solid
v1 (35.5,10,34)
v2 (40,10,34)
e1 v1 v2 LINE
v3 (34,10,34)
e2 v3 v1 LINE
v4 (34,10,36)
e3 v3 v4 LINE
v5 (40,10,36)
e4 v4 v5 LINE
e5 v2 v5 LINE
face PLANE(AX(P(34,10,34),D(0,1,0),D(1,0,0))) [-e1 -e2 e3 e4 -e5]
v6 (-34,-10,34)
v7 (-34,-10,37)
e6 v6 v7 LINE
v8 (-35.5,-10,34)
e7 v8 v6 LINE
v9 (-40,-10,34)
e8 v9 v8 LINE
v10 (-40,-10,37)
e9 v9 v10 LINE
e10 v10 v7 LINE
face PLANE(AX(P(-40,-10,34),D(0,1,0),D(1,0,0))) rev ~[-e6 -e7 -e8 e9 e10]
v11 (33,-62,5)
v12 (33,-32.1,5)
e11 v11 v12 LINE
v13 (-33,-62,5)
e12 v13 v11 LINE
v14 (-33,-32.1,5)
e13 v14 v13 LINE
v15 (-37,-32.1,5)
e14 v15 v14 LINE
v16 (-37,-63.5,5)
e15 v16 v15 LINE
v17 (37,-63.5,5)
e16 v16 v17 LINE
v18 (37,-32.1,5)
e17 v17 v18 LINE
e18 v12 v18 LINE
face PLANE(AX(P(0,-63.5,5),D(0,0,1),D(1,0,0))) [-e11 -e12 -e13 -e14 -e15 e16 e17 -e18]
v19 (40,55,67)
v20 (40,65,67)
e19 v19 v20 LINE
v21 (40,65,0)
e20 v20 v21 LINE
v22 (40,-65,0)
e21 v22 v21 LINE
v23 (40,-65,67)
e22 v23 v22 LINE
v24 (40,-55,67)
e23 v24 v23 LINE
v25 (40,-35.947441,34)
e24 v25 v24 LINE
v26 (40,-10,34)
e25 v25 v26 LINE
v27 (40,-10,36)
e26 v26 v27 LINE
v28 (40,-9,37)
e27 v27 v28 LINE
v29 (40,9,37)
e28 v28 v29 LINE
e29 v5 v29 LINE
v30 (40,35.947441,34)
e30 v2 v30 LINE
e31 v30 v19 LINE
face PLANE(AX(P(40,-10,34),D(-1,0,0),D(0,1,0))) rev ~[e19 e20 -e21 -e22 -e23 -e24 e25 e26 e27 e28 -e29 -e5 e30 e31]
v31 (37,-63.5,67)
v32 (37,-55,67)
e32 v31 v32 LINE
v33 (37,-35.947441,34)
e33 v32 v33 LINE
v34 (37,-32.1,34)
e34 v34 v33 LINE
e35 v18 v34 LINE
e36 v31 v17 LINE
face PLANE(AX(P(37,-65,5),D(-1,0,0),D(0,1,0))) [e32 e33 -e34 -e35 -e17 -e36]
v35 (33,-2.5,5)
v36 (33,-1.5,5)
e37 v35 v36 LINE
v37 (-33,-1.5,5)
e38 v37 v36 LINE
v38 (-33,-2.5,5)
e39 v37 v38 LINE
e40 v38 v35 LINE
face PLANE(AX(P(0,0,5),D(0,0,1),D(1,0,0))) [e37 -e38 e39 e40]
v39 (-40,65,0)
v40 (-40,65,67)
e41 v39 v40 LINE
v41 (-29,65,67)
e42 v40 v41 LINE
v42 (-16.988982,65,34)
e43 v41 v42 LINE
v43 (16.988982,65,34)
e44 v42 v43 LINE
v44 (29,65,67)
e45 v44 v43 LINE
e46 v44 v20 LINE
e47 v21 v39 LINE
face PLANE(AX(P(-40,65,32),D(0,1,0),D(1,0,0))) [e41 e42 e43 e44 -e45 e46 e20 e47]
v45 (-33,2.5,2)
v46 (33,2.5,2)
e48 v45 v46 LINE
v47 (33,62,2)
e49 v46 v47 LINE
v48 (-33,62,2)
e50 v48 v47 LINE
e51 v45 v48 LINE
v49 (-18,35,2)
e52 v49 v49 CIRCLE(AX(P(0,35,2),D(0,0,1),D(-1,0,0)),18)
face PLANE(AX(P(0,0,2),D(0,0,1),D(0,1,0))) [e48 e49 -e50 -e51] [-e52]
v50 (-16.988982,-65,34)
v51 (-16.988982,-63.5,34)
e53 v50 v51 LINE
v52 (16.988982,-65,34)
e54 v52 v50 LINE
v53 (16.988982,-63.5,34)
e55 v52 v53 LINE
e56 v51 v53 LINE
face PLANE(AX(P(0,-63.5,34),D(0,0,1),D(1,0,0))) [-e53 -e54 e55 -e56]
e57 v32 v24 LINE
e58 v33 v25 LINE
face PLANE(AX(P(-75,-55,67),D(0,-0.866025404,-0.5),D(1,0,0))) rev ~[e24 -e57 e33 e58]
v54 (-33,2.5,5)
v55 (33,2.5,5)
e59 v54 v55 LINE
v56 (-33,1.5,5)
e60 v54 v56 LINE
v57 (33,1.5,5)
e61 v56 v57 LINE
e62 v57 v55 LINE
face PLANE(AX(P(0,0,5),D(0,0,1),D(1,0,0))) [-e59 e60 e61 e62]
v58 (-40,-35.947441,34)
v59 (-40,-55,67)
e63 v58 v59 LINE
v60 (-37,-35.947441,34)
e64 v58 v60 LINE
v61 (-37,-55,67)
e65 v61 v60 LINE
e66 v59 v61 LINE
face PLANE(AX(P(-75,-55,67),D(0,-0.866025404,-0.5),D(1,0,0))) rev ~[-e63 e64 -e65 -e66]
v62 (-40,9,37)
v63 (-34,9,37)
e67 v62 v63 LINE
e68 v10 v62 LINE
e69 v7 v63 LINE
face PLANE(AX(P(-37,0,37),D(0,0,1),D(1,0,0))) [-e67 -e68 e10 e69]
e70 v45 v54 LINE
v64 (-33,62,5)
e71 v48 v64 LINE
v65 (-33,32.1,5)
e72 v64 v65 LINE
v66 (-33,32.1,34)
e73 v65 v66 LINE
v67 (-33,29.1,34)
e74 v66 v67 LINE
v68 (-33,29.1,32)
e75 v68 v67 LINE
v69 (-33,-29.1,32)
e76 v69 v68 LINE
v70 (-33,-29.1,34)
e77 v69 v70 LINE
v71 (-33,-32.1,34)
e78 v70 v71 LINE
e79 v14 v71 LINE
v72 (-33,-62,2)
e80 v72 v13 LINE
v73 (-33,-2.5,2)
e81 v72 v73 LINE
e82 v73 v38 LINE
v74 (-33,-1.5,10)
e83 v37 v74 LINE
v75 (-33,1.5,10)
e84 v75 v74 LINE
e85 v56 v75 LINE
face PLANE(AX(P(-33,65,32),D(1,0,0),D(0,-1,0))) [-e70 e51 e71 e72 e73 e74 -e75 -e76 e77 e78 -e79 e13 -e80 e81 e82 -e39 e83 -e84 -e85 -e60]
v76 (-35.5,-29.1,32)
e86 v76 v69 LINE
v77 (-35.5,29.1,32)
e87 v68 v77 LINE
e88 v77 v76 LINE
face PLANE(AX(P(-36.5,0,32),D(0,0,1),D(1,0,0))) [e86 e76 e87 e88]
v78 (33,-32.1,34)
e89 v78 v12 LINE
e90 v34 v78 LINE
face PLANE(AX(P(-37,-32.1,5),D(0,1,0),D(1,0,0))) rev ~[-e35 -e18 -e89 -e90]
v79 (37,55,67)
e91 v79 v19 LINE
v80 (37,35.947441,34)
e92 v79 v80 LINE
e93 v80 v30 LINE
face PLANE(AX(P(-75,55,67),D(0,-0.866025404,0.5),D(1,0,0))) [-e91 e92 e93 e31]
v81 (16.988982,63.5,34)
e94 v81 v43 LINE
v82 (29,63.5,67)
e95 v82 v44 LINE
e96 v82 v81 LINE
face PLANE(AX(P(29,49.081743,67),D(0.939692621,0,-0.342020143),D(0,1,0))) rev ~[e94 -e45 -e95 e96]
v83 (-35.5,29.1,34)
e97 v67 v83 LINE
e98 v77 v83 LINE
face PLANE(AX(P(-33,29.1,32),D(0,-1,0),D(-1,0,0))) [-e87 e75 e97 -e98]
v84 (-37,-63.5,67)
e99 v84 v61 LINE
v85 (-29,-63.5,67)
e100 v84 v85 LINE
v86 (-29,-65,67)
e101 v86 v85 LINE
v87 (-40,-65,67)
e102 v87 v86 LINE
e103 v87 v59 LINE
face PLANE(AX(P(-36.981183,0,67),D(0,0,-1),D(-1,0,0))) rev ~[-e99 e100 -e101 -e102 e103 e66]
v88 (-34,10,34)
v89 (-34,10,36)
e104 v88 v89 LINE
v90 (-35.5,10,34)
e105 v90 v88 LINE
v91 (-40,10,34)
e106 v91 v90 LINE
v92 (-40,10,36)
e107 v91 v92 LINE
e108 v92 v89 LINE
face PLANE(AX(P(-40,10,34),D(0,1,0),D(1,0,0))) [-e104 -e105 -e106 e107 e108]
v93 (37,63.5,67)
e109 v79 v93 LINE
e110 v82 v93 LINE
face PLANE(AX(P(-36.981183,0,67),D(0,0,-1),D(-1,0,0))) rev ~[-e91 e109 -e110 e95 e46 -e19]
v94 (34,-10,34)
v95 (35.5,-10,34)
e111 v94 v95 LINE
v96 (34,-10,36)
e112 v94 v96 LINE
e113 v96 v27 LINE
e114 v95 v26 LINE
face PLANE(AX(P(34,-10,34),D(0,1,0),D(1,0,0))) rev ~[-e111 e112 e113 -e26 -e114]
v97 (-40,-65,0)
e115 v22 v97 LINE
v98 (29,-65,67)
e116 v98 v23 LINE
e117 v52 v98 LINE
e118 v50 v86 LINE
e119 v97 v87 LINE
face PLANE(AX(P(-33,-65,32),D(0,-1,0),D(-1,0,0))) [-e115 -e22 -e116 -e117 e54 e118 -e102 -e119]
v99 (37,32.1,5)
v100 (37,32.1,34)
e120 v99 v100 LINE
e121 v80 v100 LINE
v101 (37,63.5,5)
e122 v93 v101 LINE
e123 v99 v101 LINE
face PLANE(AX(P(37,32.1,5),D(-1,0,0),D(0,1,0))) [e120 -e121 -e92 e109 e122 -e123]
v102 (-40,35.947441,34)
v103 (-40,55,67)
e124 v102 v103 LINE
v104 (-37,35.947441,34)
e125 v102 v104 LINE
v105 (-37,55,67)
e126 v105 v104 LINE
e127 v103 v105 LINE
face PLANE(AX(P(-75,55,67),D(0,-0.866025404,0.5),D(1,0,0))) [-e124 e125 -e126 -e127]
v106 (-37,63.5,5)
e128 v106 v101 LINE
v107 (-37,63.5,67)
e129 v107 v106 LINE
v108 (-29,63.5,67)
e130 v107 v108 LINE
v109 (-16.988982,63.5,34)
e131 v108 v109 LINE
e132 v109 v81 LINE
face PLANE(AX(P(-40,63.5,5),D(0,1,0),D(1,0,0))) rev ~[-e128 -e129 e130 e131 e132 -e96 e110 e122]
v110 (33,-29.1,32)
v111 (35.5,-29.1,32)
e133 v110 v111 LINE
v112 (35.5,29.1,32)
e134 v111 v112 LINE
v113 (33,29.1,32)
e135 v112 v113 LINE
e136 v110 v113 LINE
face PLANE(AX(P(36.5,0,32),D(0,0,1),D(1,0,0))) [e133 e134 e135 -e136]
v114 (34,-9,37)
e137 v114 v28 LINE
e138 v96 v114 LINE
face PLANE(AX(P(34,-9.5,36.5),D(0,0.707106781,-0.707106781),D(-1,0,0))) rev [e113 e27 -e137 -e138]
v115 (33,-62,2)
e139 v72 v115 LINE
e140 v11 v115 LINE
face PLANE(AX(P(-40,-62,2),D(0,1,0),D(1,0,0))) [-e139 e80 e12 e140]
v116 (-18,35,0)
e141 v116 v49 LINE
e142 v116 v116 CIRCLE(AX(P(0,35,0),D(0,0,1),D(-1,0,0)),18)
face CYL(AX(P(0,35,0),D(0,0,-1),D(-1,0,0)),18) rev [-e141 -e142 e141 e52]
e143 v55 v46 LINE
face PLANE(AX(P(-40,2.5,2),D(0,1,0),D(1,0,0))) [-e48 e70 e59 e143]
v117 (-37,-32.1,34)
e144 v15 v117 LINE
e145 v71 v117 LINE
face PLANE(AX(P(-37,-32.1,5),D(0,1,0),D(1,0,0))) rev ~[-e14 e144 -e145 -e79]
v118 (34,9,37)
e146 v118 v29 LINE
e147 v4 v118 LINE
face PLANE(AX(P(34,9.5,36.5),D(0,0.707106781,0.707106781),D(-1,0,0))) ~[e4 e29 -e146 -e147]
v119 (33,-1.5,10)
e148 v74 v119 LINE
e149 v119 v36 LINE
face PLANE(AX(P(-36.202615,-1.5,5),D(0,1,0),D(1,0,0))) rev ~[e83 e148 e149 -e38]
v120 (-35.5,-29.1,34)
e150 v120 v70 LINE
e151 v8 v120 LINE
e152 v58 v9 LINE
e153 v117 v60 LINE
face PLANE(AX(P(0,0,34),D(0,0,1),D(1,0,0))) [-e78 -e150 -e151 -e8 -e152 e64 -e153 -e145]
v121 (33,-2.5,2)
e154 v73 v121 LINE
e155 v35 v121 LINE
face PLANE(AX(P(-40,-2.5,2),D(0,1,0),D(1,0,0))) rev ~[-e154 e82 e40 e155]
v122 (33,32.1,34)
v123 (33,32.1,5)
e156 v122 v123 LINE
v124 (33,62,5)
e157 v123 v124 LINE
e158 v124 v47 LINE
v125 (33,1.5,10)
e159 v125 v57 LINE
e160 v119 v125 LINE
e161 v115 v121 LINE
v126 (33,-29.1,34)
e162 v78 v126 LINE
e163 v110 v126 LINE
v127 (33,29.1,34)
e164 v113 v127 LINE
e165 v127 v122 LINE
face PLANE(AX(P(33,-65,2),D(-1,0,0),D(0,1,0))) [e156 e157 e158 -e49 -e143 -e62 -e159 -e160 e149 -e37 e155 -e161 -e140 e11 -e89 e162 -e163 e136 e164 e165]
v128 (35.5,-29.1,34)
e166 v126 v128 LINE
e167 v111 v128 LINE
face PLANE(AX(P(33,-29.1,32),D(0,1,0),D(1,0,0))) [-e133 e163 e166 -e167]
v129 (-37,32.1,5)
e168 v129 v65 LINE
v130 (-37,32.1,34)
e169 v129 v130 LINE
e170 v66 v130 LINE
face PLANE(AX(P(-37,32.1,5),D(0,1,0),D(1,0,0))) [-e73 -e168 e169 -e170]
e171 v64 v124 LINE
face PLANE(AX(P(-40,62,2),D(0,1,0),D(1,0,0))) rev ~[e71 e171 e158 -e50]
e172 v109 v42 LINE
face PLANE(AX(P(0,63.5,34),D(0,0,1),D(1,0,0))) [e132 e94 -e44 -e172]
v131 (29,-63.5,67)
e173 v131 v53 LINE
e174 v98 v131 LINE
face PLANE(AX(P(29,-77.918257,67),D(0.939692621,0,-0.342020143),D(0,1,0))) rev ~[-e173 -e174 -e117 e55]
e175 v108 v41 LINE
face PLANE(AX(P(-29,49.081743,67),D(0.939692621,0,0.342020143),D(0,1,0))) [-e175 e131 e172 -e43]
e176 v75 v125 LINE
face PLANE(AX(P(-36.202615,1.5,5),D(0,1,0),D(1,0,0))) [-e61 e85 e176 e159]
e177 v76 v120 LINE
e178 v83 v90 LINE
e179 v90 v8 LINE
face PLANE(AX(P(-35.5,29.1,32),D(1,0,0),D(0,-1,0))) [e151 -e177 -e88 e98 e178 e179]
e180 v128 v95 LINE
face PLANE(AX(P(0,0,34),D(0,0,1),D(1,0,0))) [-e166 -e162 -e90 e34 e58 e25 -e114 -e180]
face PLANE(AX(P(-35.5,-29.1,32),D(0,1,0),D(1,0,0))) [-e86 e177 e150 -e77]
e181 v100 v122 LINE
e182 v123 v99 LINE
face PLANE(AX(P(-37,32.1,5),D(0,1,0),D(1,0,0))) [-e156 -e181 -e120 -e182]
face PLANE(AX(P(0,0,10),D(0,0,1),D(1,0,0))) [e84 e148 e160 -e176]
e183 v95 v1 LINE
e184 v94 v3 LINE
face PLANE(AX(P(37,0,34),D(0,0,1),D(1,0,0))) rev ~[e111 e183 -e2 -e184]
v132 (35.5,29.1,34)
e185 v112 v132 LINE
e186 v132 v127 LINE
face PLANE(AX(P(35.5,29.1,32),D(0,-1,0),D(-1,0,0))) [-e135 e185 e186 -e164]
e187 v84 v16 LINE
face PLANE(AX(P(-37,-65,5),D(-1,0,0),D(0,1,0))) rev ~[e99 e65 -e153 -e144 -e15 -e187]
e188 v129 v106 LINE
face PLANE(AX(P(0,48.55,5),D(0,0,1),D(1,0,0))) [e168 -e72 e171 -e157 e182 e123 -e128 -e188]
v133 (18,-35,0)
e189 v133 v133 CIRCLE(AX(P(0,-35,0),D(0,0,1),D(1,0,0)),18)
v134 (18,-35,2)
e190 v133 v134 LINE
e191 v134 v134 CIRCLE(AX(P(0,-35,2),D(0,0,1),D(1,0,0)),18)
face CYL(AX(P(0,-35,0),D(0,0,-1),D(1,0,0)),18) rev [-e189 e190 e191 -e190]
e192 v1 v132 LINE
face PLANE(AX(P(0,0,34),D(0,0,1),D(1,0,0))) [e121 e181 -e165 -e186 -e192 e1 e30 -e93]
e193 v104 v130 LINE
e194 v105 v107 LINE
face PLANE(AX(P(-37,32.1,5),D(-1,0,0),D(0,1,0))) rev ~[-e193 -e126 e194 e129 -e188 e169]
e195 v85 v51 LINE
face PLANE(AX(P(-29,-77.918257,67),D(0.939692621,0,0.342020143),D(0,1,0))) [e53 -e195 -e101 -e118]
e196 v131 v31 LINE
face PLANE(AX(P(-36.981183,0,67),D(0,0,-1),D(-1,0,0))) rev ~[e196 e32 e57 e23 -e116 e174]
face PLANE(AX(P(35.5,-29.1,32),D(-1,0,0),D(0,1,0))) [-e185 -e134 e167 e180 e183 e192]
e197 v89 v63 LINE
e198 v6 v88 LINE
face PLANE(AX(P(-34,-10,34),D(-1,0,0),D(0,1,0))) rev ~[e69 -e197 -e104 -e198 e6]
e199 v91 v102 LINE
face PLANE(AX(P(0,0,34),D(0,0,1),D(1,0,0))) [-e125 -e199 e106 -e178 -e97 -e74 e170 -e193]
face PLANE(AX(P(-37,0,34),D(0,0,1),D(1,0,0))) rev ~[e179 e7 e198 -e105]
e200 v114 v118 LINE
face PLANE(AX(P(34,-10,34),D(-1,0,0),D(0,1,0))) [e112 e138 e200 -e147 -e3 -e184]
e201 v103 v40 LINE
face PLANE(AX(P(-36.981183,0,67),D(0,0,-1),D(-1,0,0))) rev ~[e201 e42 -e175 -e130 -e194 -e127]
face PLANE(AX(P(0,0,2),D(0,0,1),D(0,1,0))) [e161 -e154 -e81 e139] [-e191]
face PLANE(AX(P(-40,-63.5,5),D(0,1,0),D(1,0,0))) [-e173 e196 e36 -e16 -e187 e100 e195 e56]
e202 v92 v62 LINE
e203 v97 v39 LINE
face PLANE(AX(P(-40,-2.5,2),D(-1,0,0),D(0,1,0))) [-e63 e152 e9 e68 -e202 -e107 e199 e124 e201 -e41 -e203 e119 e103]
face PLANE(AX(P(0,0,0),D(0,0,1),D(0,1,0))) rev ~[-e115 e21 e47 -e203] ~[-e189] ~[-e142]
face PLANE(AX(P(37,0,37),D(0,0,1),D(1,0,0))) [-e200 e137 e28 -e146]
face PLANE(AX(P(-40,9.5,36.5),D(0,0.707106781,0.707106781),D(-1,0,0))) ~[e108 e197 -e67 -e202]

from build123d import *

# Parameters (mm, degrees)
SKETCH1_W                    = 130
SKETCH1_H                    = 80
SKETCH1_R                    = 18
BOSS_EXTRUDE1_DEPTH          = 2
SKETCH2_W                    = 7
SKETCH2_H                    = 130
BOSS_EXTRUDE2_DEPTH          = 30
BOSS_EXTRUDE3_DEPTH          = 35
SKETCH5_W                    = 150
SKETCH5_H                    = 110
CUT_EXTRUDE1_DEPTH           = 33
CUT_EXTRUDE1_DRAFT           = -30
SKETCH6_W                    = 6
SKETCH6_H                    = 20
BOSS_EXTRUDE4_DEPTH          = 3
CHAMFER1_SIZE                = 1
SKETCH7_W                    = 80
SKETCH7_H                    = 5
SKETCH7_H_2                  = 3
BOSS_EXTRUDE5_DEPTH          = 3
SKETCH9_W                    = 74
SKETCH9_H                    = 32.9
CUT_EXTRUDE2_DEPTH           = 99.33107342
SKETCH10_W                   = 72.40522931
SKETCH10_H                   = 3
BOSS_EXTRUDE6_DEPTH          = 5
SKETCH11_W                   = 80
SKETCH11_H                   = 1.5
BOSS_EXTRUDE7_DEPTH          = 62
SKETCH12_W                   = 58
SKETCH12_H                   = 28.83651326
CUT_EXTRUDE3_DEPTH           = 33
CUT_EXTRUDE3_DRAFT           = -20
CUT_EXTRUDE3_PROFILE_2_DEPTH = 33
CUT_EXTRUDE3_PROFILE_2_DRAFT = -20


with BuildPart() as part:
    # Sketch1 → Boss-Extrude1 (new body)
    with BuildSketch(Plane(origin=(0, 0, 0), x_dir=(0, 1, 0), z_dir=(0, 0, 1))):
        Rectangle(SKETCH1_W, SKETCH1_H)
        with Locations(Location((-35, 0, 0), (0, 0, 270))):
            Circle(SKETCH1_R, mode=Mode.SUBTRACT)
        with Locations(Location((35, 0, 0), (0, 0, 90))):
            Circle(SKETCH1_R, mode=Mode.SUBTRACT)
    extrude(amount=BOSS_EXTRUDE1_DEPTH)

    # Sketch2 → Boss-Extrude2 (add)
    with BuildSketch(Plane.XY.offset(2)):
        with Locations((-36.5, 0)):
            Rectangle(SKETCH2_W, SKETCH2_H)
        with Locations((36.5, 0)):
            Rectangle(SKETCH2_W, SKETCH2_H)
    extrude(amount=BOSS_EXTRUDE2_DEPTH)

    # Sketch4 → Boss-Extrude3 (add)
    with BuildSketch(Plane.XY.offset(32)):
        Polygon((-33, 29.1), (-35.5, 29.1), (-35.5, -29.1), (-33, -29.1), (-33, -65), (-40, -65), (-40, 65), (-33, 65), align=None)
        Polygon((35.5, -29.1), (35.5, 29.1), (33, 29.1), (33, 65), (40, 65), (40, -65), (33, -65), (33, -29.1), align=None)
    extrude(amount=BOSS_EXTRUDE3_DEPTH)


with BuildPart() as cut_extrude1_tool:
    # Sketch5 → Cut-Extrude1 (with draft: the straight prism first)
    with BuildSketch(Plane.XY.offset(67)):
        Rectangle(SKETCH5_W, SKETCH5_H)
    extrude(amount=-CUT_EXTRUDE1_DEPTH)
    # Cut-Extrude1: the draft: its side faces are tilted about the plane it starts from
    cut_extrude1_sides = [cut_extrude1_tool.faces().sort_by_distance(p)[0] for p in [
        (0, -55, 50.5),
        (75, 0, 50.5),
        (0, 55, 50.5),
        (-75, 0, 50.5),
    ]]
    draft(cut_extrude1_sides, Plane.XY.offset(67), CUT_EXTRUDE1_DRAFT)


with BuildPart() as part_1:
    add(part.part)

    # Cut-Extrude1: cut by cut_extrude1_tool
    add(cut_extrude1_tool.part, mode=Mode.SUBTRACT)

    # Sketch6 → Boss-Extrude4 (add)
    with BuildSketch(Plane.XY.offset(34)):
        with Locations((37, 0)):
            Rectangle(SKETCH6_W, SKETCH6_H)
        with Locations((-37, 0)):
            Rectangle(SKETCH6_W, SKETCH6_H)
    extrude(amount=BOSS_EXTRUDE4_DEPTH)

    # Chamfer1
    chamfer1_edges = [part_1.edges().sort_by_distance(p)[0] for p in [
        (37, 10, 37),
        (37, -10, 37),
        (-37, 10, 37),
    ]]
    chamfer(chamfer1_edges, length=CHAMFER1_SIZE)

    # Sketch7 → Boss-Extrude5 (add)
    with BuildSketch(Plane.XY.offset(2)):
        Rectangle(SKETCH7_W, SKETCH7_H)
        with Locations((0, -63.5)):
            Rectangle(SKETCH7_W, SKETCH7_H_2)
        with Locations((0, 63.5)):
            Rectangle(SKETCH7_W, SKETCH7_H_2)
    extrude(amount=BOSS_EXTRUDE5_DEPTH)

    # Sketch9 → Cut-Extrude2 (cut, through all)
    with BuildSketch(Plane.XY.offset(5)):
        with Locations((0, 48.55)):
            Rectangle(SKETCH9_W, SKETCH9_H)
        with Locations((0, -48.55)):
            Rectangle(SKETCH9_W, SKETCH9_H)
    extrude(amount=CUT_EXTRUDE2_DEPTH, mode=Mode.SUBTRACT)

    # Sketch10 → Boss-Extrude6 (add)
    with BuildSketch(Plane.XY.offset(5)):
        Rectangle(SKETCH10_W, SKETCH10_H)
    extrude(amount=BOSS_EXTRUDE6_DEPTH)

    # Sketch11 → Boss-Extrude7 (add)
    with BuildSketch(Plane.XY.offset(5)):
        with Locations((0, 64.25)):
            Rectangle(SKETCH11_W, SKETCH11_H)
        with Locations((0, -64.25)):
            Rectangle(SKETCH11_W, SKETCH11_H)
    extrude(amount=BOSS_EXTRUDE7_DEPTH)


with BuildPart() as cut_extrude3_tool:
    # Sketch12 → Cut-Extrude3 (with draft: the straight prism first)
    with BuildSketch(Plane.XY.offset(67)):
        with Locations((0, 63.5)):
            Rectangle(SKETCH12_W, SKETCH12_H)
    extrude(amount=-CUT_EXTRUDE3_DEPTH)
    # Cut-Extrude3: the draft: its side faces are tilted about the plane it starts from
    cut_extrude3_sides = [cut_extrude3_tool.faces().sort_by_distance(p)[0] for p in [
        (0, 49.08174337, 50.5),
        (29, 63.5, 50.5),
        (0, 77.91825663, 50.5),
        (-29, 63.5, 50.5),
    ]]
    draft(cut_extrude3_sides, Plane.XY.offset(67), CUT_EXTRUDE3_DRAFT)


with BuildPart() as part_2:
    add(part_1.part)

    # Cut-Extrude3: cut by cut_extrude3_tool
    add(cut_extrude3_tool.part, mode=Mode.SUBTRACT)


with BuildPart() as cut_extrude3_profile_2_tool:
    # Sketch12 → Cut-Extrude3 profile 2 (with draft: the straight prism first)
    with BuildSketch(Plane.XY.offset(67)):
        with Locations((0, -63.5)):
            Rectangle(SKETCH12_W, SKETCH12_H)
    extrude(amount=-CUT_EXTRUDE3_PROFILE_2_DEPTH)
    # Cut-Extrude3 profile 2: the draft: its side faces are tilted about the plane it starts from
    cut_extrude3_profile_2_sides = [cut_extrude3_profile_2_tool.faces().sort_by_distance(p)[0] for p in [
        (-29, -63.5, 50.5),
        (0, -77.91825663, 50.5),
        (29, -63.5, 50.5),
        (0, -49.08174337, 50.5),
    ]]
    draft(cut_extrude3_profile_2_sides, Plane.XY.offset(67), CUT_EXTRUDE3_PROFILE_2_DRAFT)


with BuildPart() as part_3:
    add(part_2.part)

    # Cut-Extrude3 profile 2: cut by cut_extrude3_profile_2_tool
    add(cut_extrude3_profile_2_tool.part, mode=Mode.SUBTRACT)


solid = part_3.part
